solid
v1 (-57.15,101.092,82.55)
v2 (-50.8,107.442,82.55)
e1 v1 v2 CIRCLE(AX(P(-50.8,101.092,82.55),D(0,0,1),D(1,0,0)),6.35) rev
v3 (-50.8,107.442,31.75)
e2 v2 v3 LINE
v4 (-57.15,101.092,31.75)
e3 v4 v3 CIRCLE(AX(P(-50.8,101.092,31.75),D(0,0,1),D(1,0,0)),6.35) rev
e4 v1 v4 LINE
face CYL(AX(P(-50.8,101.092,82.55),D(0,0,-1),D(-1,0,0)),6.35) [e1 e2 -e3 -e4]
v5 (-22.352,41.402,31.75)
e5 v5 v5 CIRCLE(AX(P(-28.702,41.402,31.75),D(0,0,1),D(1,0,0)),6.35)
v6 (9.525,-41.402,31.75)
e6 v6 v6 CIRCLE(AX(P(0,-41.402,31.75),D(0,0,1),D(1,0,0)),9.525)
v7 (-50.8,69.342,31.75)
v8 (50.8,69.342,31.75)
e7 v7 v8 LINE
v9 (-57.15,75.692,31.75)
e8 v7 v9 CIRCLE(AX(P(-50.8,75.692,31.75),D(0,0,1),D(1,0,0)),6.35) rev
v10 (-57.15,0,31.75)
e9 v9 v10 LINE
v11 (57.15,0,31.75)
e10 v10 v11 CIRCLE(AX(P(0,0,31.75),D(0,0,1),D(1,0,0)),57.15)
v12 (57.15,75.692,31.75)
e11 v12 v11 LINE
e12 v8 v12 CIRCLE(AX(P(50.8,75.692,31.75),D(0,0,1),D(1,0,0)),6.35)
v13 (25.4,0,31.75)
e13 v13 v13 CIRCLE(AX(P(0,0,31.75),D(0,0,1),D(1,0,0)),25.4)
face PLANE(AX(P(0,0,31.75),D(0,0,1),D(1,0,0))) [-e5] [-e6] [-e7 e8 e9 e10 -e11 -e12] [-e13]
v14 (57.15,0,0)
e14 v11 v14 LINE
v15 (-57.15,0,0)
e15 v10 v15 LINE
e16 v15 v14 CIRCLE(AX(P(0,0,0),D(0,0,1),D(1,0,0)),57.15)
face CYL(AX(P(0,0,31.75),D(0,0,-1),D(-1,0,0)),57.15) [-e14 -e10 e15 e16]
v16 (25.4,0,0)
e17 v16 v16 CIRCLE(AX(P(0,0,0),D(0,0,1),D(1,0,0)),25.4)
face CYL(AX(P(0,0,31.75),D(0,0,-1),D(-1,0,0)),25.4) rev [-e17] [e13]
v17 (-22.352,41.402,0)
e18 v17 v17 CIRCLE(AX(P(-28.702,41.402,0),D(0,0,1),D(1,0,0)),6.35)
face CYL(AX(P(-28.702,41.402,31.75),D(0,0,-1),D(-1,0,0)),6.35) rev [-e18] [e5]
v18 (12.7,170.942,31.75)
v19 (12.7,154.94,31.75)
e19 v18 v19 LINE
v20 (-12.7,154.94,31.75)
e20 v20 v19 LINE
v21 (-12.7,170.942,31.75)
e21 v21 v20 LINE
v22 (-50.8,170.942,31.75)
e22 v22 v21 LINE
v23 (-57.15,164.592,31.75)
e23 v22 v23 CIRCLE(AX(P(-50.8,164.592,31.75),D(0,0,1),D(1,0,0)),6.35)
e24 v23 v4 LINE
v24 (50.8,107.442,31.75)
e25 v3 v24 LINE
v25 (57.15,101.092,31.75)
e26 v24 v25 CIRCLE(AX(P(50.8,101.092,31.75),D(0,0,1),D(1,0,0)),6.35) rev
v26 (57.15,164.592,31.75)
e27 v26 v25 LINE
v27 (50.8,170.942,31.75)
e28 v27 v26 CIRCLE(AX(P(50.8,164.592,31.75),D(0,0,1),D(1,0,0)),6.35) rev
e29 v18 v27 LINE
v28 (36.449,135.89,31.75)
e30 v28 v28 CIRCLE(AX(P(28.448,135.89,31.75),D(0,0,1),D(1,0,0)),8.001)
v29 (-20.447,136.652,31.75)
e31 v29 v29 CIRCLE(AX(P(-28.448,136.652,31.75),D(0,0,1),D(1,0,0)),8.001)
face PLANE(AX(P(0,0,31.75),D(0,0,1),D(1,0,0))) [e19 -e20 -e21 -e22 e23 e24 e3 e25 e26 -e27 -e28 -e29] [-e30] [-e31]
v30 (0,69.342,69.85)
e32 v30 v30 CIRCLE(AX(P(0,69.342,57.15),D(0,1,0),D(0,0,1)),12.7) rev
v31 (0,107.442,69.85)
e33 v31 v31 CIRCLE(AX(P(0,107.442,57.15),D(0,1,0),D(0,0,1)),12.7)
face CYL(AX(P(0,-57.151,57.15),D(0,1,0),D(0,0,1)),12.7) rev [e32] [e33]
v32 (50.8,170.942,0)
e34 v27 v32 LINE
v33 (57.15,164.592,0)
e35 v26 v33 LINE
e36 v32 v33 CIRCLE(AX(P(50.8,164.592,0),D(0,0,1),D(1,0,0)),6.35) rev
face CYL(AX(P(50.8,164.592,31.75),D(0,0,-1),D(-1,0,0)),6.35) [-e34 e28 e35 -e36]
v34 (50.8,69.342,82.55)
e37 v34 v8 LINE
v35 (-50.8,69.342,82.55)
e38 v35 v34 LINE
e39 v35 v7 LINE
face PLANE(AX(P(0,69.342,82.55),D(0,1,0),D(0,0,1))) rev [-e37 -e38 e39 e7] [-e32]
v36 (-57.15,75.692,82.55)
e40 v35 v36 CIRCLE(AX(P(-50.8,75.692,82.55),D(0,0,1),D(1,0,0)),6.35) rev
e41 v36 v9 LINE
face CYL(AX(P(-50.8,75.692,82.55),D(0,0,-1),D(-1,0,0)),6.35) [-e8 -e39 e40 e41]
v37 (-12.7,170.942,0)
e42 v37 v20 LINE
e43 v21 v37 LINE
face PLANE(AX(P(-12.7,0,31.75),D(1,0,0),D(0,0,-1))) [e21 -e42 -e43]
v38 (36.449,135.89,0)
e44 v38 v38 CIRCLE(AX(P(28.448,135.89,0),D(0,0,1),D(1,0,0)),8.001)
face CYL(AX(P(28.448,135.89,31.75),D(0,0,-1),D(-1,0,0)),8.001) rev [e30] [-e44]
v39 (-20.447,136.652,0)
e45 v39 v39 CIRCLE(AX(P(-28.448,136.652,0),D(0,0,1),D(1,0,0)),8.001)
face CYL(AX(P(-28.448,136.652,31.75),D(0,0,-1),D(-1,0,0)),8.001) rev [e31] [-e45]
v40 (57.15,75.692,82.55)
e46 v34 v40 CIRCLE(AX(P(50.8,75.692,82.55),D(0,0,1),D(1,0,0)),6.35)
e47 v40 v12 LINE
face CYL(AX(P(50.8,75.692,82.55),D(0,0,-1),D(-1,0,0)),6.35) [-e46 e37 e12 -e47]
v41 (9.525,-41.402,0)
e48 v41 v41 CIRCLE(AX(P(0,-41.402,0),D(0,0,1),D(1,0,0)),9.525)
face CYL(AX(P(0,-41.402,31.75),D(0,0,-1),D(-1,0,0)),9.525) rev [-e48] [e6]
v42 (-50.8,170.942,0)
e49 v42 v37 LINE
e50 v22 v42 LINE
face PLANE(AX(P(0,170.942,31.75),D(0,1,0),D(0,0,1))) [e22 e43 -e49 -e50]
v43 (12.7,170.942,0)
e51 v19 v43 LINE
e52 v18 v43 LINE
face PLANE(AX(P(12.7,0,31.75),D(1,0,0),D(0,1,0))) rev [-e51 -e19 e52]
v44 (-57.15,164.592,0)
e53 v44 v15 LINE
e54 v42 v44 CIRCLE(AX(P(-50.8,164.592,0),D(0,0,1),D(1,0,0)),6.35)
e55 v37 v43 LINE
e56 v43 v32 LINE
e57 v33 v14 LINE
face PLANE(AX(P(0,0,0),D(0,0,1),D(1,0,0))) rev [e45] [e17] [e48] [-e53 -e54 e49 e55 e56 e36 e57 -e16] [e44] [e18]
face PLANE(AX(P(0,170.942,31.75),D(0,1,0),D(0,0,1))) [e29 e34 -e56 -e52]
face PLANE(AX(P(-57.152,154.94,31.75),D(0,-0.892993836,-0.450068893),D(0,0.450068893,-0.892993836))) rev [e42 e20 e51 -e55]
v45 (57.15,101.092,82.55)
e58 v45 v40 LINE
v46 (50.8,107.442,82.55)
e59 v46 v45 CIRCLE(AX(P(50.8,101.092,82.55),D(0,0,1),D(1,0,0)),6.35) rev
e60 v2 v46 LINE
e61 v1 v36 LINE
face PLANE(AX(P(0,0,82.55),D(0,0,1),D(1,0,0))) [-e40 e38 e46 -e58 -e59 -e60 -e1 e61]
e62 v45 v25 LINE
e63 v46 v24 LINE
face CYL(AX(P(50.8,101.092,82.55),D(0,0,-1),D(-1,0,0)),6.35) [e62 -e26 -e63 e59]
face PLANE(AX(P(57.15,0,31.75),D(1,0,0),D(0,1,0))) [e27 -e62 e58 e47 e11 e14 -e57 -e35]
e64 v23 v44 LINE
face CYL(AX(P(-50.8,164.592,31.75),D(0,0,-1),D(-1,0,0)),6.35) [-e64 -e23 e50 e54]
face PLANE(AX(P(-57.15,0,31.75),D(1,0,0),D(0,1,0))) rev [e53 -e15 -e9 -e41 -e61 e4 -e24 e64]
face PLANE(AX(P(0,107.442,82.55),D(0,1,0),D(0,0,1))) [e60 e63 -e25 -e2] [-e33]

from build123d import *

# Parameters (mm, degrees)
CROQUIS1_R                = 8.001
SALIENTE_EXTRUIR1_DEPTH   = 31.75
CROQUIS1_R_2              = 6.35
CROQUIS1_R_3              = 9.525
CROQUIS1_R_4              = 25.4
SALIENTE_EXTRUIR1_2_DEPTH = 31.75
SALIENTE_EXTRUIR2_DEPTH   = 82.55
CORTAR_EXTRUIR1_REACH     = 194.798
CROQUIS3_R                = 12.7
SALIENTE_EXTRUIR3_REACH   = 204.274


with BuildPart() as part:
    # Croquis1 → Saliente-Extruir1 (new body)
    with BuildSketch(Plane.XY):
        with BuildLine():
            Line((50.8, 170.942), (12.7, 170.942))
            Line((12.7, 170.942), (12.7, 154.94))
            Line((12.7, 154.94), (-12.7, 154.94))
            Line((-12.7, 154.94), (-12.7, 170.942))
            Line((-12.7, 170.942), (-50.8, 170.942))
            ThreePointArc((-50.8, 170.942), (-55.290128061, 169.082128061), (-57.15, 164.592))
            Line((-57.15, 164.592), (-57.15, 101.092))
            ThreePointArc((-57.15, 101.092), (-55.290128061, 105.582128061), (-50.8, 107.442))
            Line((-50.8, 107.442), (50.8, 107.442))
            ThreePointArc((50.8, 107.442), (55.290128061, 105.582128061), (57.15, 101.092))
            Line((57.15, 101.092), (57.15, 164.592))
            ThreePointArc((57.15, 164.592), (55.290128061, 169.082128061), (50.8, 170.942))
        make_face()
        with Locations((-28.448, 136.652)):
            Circle(CROQUIS1_R, mode=Mode.SUBTRACT)
        with Locations((28.448, 135.89)):
            Circle(CROQUIS1_R, mode=Mode.SUBTRACT)
    extrude(amount=SALIENTE_EXTRUIR1_DEPTH)



with BuildPart() as body_2:
    # Croquis1 → Saliente-Extruir1 2 (new body)
    with BuildSketch(Plane.XY):
        with BuildLine():
            Line((57.15, 0), (57.15, 75.692))
            ThreePointArc((57.15, 75.692), (55.290128061, 71.201871939), (50.8, 69.342))
            Line((50.8, 69.342), (-50.8, 69.342))
            ThreePointArc((-50.8, 69.342), (-55.290128061, 71.201871939), (-57.15, 75.692))
            Line((-57.15, 75.692), (-57.15, 0))
            ThreePointArc((-57.15, 0), (0, -57.15), (57.15, 0))
        make_face()
        with Locations((-28.702, 41.402)):
            Circle(CROQUIS1_R_2, mode=Mode.SUBTRACT)
        with Locations((0, -41.402)):
            Circle(CROQUIS1_R_3, mode=Mode.SUBTRACT)
        Circle(CROQUIS1_R_4, mode=Mode.SUBTRACT)
    extrude(amount=SALIENTE_EXTRUIR1_2_DEPTH)


with BuildPart() as part_1:
    add(part.part)

    add(body_2.part)  # Saliente-Extruir2 merges body 2
    # Croquis1<3> → Saliente-Extruir2 (add)
    with BuildSketch(Plane.XY):
        with BuildLine():
            Line((57.15, 75.692), (57.15, 101.092))
            ThreePointArc((57.15, 101.092), (55.290128061, 105.582128061), (50.8, 107.442))
            Line((50.8, 107.442), (-50.8, 107.442))
            ThreePointArc((-50.8, 107.442), (-55.290128061, 105.582128061), (-57.15, 101.092))
            Line((-57.15, 101.092), (-57.15, 75.692))
            ThreePointArc((-57.15, 75.692), (-55.290128061, 71.201871939), (-50.8, 69.342))
            Line((-50.8, 69.342), (50.8, 69.342))
            ThreePointArc((50.8, 69.342), (55.290128061, 71.201871939), (57.15, 75.692))
        make_face()
    extrude(amount=SALIENTE_EXTRUIR2_DEPTH)

    # Croquis3 → Cortar-Extruir1 (cut, up to next)
    with BuildSketch(Plane(origin=(0, 107.442, 0), x_dir=(1, 0, 0), z_dir=(0, 1, 0)), mode=Mode.PRIVATE) as cortar_extruir1_sk1:
        with Locations((0, -57.15)):
            Circle(CROQUIS3_R)
    cortar_extruir1_tool1 = extrude(cortar_extruir1_sk1.sketch, amount=-CORTAR_EXTRUIR1_REACH, mode=Mode.PRIVATE) & part_1.part
    add(cortar_extruir1_tool1.solids().sort_by_distance((0, 107.442, 57.15))[0], mode=Mode.SUBTRACT)

    # Croquis4 → Saliente-Extruir3 (add, up to next)
    with BuildSketch(Plane.ZY.offset(-12.7), mode=Mode.PRIVATE) as saliente_extruir3_sk1:
        Polygon((31.75, 154.94), (0, 170.942), (0, 154.94), align=None)
    saliente_extruir3_tool1 = extrude(saliente_extruir3_sk1.sketch, amount=SALIENTE_EXTRUIR3_REACH, mode=Mode.PRIVATE) - part_1.part
    add(saliente_extruir3_tool1.solids().sort_by_distance((12.7, 160.274, 10.583333))[0])


solid = part_1.part
